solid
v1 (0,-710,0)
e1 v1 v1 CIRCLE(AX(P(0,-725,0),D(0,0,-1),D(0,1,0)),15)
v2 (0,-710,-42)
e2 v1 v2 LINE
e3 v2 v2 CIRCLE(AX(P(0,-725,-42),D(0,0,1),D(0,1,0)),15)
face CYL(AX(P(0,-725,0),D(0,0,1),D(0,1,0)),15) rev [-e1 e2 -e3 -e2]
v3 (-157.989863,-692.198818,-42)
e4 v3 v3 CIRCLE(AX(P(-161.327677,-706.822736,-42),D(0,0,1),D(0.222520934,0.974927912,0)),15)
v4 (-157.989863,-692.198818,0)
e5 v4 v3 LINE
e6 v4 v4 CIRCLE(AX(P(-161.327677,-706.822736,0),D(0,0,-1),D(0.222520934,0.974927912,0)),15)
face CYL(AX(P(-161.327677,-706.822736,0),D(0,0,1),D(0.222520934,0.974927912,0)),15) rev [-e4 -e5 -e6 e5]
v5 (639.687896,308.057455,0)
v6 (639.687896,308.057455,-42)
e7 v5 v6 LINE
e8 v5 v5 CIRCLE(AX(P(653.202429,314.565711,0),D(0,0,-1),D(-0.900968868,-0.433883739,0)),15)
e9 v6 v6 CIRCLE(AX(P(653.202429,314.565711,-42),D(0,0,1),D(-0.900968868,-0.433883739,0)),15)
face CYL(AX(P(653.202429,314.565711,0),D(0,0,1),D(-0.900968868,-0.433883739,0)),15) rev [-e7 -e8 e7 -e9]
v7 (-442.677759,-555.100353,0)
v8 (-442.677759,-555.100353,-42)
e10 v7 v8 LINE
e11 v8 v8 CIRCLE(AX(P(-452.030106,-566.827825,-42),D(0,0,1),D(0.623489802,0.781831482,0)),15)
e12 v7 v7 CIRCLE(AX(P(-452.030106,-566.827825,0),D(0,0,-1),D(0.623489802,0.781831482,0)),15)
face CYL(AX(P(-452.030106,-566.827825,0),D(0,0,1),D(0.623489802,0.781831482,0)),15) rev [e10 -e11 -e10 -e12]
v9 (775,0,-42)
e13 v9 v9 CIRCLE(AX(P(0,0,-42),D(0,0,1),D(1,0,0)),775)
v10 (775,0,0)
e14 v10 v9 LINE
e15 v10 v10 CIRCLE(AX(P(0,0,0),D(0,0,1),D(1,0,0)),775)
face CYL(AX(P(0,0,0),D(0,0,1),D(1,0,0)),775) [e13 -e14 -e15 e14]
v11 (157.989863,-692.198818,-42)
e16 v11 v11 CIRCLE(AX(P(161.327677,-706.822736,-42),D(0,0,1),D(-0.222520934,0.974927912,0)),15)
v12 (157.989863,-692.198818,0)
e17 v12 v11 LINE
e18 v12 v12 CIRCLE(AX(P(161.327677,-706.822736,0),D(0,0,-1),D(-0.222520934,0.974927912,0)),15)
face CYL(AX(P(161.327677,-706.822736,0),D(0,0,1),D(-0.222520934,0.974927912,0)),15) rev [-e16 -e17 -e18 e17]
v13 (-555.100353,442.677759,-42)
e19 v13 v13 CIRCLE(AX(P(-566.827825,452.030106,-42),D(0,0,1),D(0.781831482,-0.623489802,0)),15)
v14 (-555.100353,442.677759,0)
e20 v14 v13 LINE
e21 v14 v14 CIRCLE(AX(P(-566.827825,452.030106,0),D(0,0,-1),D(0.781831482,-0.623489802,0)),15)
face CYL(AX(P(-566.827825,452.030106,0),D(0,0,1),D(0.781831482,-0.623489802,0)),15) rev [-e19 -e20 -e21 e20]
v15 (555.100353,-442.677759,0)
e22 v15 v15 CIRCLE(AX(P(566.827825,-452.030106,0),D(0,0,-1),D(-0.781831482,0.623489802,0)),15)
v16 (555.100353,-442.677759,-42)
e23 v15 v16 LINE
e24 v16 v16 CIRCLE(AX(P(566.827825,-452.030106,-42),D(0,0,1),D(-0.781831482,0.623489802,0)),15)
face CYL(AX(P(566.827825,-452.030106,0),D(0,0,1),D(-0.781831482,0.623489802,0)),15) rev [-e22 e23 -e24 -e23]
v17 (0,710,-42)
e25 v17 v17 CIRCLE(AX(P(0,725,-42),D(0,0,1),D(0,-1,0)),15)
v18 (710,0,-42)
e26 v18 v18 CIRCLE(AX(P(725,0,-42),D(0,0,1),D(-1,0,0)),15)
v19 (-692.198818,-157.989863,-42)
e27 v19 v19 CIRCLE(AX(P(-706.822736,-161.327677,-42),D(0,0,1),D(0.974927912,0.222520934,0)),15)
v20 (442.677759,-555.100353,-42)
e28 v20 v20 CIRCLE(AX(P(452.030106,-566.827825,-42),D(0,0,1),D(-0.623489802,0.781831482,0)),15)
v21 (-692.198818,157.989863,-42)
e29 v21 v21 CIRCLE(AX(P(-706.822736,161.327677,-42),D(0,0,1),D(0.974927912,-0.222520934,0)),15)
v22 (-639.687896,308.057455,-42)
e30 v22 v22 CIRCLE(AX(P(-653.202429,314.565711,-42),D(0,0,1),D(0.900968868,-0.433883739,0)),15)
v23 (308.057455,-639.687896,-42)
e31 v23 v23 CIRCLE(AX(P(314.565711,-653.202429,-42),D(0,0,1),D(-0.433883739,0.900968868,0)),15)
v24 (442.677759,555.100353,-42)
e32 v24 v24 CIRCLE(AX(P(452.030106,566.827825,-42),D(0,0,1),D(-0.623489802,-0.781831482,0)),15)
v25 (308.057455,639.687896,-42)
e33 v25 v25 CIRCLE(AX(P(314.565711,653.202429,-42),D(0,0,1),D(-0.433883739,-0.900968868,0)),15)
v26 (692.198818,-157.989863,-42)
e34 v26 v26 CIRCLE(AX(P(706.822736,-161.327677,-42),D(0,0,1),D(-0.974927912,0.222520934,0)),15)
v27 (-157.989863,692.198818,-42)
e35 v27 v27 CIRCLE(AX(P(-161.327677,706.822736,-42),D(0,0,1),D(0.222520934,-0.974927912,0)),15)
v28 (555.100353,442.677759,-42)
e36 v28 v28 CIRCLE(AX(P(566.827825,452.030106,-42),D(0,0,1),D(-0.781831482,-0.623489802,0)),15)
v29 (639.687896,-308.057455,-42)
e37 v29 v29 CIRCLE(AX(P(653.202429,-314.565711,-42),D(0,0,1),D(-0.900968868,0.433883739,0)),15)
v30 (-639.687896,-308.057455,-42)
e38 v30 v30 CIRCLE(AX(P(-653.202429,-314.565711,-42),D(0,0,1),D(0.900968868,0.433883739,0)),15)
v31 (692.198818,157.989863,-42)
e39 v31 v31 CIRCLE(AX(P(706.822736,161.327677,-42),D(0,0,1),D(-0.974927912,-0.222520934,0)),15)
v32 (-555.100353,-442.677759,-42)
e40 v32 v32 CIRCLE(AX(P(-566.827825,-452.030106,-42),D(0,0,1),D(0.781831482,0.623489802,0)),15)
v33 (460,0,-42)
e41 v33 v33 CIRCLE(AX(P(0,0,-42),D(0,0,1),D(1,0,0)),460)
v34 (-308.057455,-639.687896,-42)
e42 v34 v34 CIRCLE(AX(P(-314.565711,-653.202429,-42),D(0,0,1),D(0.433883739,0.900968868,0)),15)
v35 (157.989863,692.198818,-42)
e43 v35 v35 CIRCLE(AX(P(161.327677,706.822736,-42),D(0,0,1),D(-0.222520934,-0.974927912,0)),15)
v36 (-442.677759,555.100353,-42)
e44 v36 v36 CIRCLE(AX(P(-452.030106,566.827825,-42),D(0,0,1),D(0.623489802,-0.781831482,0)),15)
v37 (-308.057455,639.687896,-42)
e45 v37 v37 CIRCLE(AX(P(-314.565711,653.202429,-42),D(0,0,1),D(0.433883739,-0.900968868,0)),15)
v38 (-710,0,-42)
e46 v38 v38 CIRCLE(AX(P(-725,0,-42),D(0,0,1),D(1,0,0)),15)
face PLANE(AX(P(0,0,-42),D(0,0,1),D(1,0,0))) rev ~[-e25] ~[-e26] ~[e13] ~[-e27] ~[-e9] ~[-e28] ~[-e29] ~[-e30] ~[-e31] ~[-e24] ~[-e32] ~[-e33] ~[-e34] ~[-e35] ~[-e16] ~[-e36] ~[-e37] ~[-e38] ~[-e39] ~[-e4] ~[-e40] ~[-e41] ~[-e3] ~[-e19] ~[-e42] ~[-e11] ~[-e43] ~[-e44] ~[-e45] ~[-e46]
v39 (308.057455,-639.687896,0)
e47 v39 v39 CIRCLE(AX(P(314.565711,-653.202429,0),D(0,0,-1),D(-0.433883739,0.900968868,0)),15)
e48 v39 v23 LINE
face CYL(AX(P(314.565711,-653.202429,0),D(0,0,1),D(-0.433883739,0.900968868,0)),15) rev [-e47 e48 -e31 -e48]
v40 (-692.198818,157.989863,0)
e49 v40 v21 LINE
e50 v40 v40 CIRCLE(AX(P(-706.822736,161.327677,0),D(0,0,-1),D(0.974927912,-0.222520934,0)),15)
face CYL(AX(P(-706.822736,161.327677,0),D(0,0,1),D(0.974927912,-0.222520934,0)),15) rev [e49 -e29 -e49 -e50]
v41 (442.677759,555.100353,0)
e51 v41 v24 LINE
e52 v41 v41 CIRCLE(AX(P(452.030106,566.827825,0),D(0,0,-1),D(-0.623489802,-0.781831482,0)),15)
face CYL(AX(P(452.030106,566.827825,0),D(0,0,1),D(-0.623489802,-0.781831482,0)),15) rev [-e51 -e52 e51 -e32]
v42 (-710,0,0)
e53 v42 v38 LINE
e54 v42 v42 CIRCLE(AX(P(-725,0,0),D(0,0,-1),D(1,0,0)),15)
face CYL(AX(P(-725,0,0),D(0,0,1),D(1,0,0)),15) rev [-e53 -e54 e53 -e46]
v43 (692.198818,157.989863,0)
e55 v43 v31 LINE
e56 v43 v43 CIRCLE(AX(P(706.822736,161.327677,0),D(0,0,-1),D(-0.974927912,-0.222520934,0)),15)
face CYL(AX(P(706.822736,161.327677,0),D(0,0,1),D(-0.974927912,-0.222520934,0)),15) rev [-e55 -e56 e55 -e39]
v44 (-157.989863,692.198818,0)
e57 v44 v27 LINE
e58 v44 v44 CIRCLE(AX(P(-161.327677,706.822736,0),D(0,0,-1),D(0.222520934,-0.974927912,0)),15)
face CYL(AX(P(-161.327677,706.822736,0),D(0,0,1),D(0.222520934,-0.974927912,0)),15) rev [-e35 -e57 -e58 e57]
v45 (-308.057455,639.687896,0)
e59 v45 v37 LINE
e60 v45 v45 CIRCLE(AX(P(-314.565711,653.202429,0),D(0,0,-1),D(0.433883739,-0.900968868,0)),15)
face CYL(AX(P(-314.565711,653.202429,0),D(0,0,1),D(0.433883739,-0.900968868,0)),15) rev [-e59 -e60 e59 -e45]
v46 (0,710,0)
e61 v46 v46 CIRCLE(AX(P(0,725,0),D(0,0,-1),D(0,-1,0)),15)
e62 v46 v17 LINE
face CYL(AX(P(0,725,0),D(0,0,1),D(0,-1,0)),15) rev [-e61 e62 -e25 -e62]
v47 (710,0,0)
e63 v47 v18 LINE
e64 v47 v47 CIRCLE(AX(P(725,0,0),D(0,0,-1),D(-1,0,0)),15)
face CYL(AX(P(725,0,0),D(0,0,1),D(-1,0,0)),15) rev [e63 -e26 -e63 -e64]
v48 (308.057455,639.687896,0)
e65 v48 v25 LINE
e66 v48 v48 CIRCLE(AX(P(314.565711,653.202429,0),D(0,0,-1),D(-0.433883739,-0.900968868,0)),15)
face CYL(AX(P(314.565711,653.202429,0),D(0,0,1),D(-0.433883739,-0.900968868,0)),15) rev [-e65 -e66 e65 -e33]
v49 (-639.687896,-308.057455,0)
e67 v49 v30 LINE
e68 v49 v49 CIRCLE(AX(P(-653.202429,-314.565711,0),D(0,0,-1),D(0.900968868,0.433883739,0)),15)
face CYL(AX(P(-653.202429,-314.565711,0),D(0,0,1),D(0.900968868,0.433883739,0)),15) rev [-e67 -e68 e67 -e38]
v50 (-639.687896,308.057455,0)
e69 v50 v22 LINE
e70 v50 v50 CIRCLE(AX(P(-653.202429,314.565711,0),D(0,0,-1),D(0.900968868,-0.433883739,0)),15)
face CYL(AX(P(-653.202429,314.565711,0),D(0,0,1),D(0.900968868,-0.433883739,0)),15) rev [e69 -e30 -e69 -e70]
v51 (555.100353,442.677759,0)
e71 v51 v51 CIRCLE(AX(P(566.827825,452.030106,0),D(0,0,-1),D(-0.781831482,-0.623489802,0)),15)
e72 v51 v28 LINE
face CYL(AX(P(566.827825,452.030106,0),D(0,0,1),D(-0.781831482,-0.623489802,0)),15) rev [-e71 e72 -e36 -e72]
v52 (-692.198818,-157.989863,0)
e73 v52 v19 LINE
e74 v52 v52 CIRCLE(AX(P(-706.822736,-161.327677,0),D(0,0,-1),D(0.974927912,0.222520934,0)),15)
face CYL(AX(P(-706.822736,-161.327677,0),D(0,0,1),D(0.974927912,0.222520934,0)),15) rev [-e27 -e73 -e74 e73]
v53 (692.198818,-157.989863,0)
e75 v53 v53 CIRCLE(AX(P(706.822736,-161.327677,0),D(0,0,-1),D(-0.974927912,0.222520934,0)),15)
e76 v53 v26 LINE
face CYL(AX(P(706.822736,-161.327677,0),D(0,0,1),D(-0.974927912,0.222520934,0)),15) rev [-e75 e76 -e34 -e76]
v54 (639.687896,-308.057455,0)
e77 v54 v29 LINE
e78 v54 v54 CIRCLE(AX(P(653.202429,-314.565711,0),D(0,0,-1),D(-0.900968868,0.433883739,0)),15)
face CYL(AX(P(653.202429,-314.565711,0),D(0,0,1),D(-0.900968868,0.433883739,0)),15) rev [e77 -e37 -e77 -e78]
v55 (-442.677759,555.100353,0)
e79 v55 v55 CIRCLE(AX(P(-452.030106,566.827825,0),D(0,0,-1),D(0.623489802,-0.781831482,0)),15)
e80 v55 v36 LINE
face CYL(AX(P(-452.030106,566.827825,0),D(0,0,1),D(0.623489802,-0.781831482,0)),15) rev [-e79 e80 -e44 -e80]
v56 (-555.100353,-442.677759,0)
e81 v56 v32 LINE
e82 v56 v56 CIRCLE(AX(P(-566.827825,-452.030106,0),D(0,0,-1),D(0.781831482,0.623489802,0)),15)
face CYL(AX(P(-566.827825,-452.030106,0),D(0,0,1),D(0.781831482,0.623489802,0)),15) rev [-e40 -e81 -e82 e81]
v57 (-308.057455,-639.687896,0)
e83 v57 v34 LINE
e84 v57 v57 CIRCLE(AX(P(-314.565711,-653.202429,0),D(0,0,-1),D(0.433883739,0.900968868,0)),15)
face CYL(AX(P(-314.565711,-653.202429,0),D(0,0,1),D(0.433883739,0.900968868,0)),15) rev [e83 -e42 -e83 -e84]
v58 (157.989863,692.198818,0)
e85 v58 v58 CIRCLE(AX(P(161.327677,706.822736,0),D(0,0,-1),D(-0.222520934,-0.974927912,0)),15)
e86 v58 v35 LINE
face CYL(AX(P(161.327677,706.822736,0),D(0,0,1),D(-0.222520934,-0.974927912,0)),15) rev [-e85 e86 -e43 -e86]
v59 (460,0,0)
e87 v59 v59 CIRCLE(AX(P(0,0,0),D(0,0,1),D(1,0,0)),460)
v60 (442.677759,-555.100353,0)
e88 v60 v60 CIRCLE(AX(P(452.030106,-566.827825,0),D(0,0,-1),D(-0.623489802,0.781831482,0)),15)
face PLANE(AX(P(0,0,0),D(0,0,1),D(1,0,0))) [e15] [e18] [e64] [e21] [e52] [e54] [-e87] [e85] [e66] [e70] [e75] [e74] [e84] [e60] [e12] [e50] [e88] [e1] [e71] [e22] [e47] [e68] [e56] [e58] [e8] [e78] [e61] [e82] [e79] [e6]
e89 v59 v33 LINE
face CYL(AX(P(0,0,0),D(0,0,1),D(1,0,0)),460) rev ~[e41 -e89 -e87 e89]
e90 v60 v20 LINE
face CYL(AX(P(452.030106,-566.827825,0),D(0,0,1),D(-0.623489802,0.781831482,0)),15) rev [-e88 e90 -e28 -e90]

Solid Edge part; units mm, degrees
sketch "Sketch1" plane through (0, 0, 0) normal (0, 0, 1) x (1, 0, 0)
  circle A0 centre (0, 0) radius 775
  circle A1 centre (0, 0) radius 460
extrude "Protrusion1" add sketch "Sketch1" against normal blind 42
hole "Agujero_1" at (0, 725, 0) direction (0, 0, -1) diameter 30 end up to next
pattern_circular "Pattern1" count 28 over 360 about axis through (0, 0, 0) along (0, 0, -1) of "Agujero_1"
